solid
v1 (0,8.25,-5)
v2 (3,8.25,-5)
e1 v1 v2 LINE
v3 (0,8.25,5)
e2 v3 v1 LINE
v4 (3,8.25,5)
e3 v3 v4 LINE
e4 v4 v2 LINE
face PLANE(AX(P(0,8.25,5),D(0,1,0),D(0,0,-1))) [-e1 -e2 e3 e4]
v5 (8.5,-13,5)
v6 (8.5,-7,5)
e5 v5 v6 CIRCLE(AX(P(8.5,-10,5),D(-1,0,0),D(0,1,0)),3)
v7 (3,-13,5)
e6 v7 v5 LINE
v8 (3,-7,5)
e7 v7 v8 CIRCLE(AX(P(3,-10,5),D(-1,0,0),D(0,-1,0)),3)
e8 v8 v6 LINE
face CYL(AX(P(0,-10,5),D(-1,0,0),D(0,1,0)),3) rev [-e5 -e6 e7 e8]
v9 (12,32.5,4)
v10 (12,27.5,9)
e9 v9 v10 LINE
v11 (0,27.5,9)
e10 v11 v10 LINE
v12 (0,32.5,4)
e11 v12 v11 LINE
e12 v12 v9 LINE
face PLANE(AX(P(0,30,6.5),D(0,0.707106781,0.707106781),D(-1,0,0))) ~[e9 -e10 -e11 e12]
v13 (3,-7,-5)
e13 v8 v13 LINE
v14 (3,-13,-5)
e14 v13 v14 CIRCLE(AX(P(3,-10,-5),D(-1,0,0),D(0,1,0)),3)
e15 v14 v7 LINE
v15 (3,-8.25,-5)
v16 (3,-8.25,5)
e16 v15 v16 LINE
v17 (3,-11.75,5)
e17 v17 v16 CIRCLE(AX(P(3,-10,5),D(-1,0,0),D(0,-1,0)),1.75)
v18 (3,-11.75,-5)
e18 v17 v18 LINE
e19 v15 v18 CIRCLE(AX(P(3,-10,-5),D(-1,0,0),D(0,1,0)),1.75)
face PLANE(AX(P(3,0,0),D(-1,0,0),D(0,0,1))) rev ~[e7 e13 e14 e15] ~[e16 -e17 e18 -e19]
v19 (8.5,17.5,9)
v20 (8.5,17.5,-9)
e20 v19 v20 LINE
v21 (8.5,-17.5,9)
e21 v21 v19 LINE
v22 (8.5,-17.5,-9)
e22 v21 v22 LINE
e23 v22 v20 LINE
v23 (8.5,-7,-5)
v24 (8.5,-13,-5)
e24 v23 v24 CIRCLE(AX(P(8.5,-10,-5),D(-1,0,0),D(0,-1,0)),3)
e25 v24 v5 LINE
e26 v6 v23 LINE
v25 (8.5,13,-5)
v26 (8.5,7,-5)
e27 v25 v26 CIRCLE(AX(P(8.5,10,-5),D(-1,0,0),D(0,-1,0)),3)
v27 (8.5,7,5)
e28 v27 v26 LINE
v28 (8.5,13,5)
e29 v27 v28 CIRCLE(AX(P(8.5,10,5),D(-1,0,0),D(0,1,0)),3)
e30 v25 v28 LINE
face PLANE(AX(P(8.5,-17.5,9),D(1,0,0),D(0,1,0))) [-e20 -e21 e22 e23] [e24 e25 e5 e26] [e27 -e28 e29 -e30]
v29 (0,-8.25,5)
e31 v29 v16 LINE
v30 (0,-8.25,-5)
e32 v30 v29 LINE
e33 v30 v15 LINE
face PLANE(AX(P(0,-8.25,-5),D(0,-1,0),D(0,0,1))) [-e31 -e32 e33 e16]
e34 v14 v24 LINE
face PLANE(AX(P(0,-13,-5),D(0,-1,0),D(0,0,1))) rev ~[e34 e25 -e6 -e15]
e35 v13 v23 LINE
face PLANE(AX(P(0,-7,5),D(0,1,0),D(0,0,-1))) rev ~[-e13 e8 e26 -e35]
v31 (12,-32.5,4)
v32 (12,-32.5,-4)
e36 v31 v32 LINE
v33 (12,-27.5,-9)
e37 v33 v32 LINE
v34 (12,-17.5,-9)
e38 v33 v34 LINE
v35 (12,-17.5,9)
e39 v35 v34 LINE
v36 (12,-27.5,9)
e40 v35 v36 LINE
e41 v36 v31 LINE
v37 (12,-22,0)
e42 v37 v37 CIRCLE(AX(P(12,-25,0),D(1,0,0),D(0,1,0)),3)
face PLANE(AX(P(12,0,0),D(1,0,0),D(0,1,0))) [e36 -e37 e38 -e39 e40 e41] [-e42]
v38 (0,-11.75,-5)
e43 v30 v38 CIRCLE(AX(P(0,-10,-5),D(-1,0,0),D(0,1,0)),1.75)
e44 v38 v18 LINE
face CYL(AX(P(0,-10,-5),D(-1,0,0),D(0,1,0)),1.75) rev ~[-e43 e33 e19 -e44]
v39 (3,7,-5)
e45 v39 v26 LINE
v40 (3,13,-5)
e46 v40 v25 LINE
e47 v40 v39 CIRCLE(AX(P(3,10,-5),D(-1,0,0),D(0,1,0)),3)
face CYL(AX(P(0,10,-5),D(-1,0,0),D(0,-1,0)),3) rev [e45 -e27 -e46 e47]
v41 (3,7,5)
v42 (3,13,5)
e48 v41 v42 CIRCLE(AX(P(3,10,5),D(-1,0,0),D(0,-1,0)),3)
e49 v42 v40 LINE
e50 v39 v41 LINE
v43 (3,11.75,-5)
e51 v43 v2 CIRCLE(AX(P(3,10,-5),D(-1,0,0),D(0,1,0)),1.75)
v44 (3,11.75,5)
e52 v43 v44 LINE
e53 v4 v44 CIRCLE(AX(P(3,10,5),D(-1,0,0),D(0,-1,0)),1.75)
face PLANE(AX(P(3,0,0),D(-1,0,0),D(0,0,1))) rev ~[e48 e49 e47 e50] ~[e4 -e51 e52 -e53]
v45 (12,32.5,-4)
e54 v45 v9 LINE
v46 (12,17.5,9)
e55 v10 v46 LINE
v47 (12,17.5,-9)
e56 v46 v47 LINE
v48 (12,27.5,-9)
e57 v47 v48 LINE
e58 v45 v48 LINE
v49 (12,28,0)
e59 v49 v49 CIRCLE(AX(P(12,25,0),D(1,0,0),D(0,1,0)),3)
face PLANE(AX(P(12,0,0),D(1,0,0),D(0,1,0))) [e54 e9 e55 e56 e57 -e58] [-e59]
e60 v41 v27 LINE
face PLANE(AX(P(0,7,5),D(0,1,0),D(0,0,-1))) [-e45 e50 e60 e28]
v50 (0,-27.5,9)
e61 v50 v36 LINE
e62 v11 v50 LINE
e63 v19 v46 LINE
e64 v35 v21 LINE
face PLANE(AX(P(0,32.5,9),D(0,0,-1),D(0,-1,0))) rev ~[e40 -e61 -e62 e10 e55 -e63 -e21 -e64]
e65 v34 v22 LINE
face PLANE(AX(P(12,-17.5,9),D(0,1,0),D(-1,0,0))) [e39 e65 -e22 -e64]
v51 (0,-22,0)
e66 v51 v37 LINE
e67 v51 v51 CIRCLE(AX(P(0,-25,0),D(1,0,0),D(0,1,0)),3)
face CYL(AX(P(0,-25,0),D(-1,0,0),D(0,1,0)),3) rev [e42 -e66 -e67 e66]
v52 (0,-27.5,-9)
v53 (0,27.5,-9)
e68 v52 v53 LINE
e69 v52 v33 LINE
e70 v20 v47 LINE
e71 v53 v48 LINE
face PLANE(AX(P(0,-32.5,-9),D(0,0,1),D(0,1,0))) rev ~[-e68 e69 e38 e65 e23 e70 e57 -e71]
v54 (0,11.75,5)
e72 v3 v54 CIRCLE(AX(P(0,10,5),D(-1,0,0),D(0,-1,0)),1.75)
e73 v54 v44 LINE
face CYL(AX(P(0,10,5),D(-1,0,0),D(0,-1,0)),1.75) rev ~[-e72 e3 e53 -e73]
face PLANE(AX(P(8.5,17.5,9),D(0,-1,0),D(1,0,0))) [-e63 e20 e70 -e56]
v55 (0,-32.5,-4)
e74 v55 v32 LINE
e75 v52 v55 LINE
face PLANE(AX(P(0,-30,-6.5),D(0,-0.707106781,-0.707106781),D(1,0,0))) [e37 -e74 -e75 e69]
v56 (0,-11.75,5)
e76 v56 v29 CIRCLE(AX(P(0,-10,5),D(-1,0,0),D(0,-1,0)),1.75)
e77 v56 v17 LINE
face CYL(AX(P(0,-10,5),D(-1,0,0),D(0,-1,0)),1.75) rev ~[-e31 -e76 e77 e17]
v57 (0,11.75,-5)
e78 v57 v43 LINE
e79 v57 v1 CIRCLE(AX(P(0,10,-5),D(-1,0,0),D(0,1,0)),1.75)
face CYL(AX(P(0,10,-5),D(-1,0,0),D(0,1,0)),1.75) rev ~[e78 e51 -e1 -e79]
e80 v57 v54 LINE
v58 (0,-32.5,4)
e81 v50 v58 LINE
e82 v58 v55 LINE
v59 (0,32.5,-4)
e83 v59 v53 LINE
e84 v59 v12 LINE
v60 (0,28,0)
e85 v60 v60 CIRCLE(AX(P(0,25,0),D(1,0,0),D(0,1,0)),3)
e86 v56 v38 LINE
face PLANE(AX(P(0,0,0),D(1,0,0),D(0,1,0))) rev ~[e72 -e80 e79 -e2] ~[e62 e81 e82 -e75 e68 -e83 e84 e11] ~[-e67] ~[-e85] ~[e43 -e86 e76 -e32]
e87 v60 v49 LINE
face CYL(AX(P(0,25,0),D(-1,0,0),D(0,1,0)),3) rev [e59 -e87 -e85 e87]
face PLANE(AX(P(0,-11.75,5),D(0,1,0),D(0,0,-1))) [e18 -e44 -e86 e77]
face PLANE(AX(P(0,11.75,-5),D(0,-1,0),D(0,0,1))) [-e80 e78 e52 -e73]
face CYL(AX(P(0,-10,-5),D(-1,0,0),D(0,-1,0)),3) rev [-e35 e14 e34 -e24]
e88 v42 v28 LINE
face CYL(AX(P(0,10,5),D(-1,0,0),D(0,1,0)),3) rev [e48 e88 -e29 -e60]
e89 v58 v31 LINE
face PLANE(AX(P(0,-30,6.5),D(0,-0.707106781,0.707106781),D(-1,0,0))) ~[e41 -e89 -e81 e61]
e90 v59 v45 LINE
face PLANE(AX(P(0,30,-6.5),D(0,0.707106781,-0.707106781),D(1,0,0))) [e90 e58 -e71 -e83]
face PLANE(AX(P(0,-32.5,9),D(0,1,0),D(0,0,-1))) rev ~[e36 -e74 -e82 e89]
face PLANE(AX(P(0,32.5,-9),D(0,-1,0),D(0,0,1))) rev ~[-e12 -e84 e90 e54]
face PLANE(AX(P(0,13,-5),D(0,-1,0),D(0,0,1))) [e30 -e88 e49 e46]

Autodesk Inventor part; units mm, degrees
ref_plane "YZ Plane" through (0, 0, 0) normal (1, 0, 0) x (0, 1, 0)
ref_plane "XZ Plane" through (0, 0, 0) normal (0, 1, 0) x (-1, 0, 0)
ref_plane "XY Plane" through (0, 0, 0) normal (0, 0, 1) x (1, 0, 0)
sketch "Sketch1" plane through (0, 0, 0) normal (1, 0, 0) x (0, 1, 0)
  line L0 (32.5, 9) -> (-32.5, 9)
  line L1 (-32.5, 9) -> (-32.5, -9)
  line L2 (-32.5, -9) -> (32.5, -9)
  line L3 (32.5, -9) -> (32.5, 9)
  line L4 (32.5, 9) -> (-32.5, -9) construction
  line L5 (-32.5, 9) -> (32.5, -9) construction
  circle A0 centre (-25, 0) radius 3
  circle A1 centre (25, 0) radius 3
  line L6 (-10, -5) -> (-10, 5) construction
  line L7 (-13, -5) -> (-13, 5)
  line L8 (-7, 5) -> (-7, -5)
  arc A2 (-13, -5) -> (-7, -5) centre (-10, -5) ccw
  arc A3 (-7, 5) -> (-13, 5) centre (-10, 5) ccw
  line L9 (10, -5) -> (10, 5) construction
  line L10 (13, -5) -> (13, 5)
  line L11 (7, 5) -> (7, -5)
  arc A4 (7, -5) -> (13, -5) centre (10, -5) ccw
  arc A5 (13, 5) -> (7, 5) centre (10, 5) ccw
  point P0 (0, 0)
  point P1 (-10, 0)
  point P2 (10, 0)
  dimension "d0" = 25
  dimension "d1" = 50
  dimension "d2" = 65
  dimension "d3" = 6
  dimension "d4" = 10
  dimension "d5" = 20
  dimension "d6" = 10
  dimension "d7" = 3
  dimension "d8" = 18
extrude "Extrusion1" add sketch "Sketch1" along normal blind 12
sketch "Sketch2" plane through (0, 0, 0) normal (-1, 0, 0) x (0, 0, 1)
  line L0 (9, -32.5) -> (-9, -32.5) projected
  line L1 (9, 32.5) -> (9, -32.5) projected
  line L2 (-9, 32.5) -> (9, 32.5) projected
  line L3 (-9, -32.5) -> (-9, 32.5) projected
  circle A0 centre (0, -25) radius 3 projected
  circle A1 centre (0, 25) radius 3 projected
  arc A2 (-5, 13) -> (-5, 7) centre (-5, 10) ccw projected
  line L4 (5, 13) -> (-5, 13) projected
  arc A3 (5, 7) -> (5, 13) centre (5, 10) ccw projected
  line L5 (-5, 7) -> (5, 7) projected
  line L6 (5, -7) -> (-5, -7) projected
  arc A4 (5, -13) -> (5, -7) centre (5, -10) ccw projected
  line L7 (-5, -13) -> (5, -13) projected
  arc A5 (-5, -7) -> (-5, -13) centre (-5, -10) ccw projected
  line L8 (5, 10) -> (-5, 10) construction
  line L9 (5, 8.25) -> (-5, 8.25)
  line L10 (-5, 11.75) -> (5, 11.75)
  arc A6 (5, 8.25) -> (5, 11.75) centre (5, 10) ccw
  arc A7 (-5, 11.75) -> (-5, 8.25) centre (-5, 10) ccw
  line L11 (5, -10) -> (-5, -10) construction
  line L12 (5, -11.75) -> (-5, -11.75)
  line L13 (-5, -8.25) -> (5, -8.25)
  arc A8 (5, -11.75) -> (5, -8.25) centre (5, -10) ccw
  arc A9 (-5, -8.25) -> (-5, -11.75) centre (-5, -10) ccw
  point P0 (0, 0)
  point P1 (0, 10)
  point P2 (0, -10)
  dimension "d11" = 3.5
extrude "Extrusion2" add sketch "Sketch2" against normal blind 3 contours L4 A3 L5 A2 | A4 L7 A5 L6
chamfer "Chamfer1" distance 5 angle 45 4 edges at (6, -32.5, 9) (6, -32.5, -9) (6, 32.5, -9) (6, 32.5, 9)
sketch "Sketch3" plane through (0, -27.5, 9) normal (0, 0, 1) x (1, 0, 0)
  line L0 (0, 55) -> (12, 55) projected
  line L1 (0, 55) -> (0, 0) projected
  line L2 (12, 0) -> (0, 0) projected
  line L3 (12, 55) -> (12, 0) projected
  line L4 (12, 10) -> (8.5, 10)
  line L5 (8.5, 10) -> (8.5, 45)
  line L6 (8.5, 45) -> (12, 45)
  line L7 (12, 45) -> (12, 10)
  line L8 (12, 10) -> (8.5, 45) construction
  line L9 (8.5, 10) -> (12, 45) construction
  point P0 (0, 27.5)
  point P1 (10.25, 27.5)
  point P2 (0, 27.5)
  point P3 (12, 10)
  dimension "d17" = 35
  dimension "d18" = 3.5
extrude "Extrusion3" cut sketch "Sketch3" against normal through all contours L3 L4 L5 L6
equation "\"d1\" = 2 * d0"
equation "\"d5\" = 2 * d4"
properties part number "ToolDock_Center" material "ABS Plastic"
